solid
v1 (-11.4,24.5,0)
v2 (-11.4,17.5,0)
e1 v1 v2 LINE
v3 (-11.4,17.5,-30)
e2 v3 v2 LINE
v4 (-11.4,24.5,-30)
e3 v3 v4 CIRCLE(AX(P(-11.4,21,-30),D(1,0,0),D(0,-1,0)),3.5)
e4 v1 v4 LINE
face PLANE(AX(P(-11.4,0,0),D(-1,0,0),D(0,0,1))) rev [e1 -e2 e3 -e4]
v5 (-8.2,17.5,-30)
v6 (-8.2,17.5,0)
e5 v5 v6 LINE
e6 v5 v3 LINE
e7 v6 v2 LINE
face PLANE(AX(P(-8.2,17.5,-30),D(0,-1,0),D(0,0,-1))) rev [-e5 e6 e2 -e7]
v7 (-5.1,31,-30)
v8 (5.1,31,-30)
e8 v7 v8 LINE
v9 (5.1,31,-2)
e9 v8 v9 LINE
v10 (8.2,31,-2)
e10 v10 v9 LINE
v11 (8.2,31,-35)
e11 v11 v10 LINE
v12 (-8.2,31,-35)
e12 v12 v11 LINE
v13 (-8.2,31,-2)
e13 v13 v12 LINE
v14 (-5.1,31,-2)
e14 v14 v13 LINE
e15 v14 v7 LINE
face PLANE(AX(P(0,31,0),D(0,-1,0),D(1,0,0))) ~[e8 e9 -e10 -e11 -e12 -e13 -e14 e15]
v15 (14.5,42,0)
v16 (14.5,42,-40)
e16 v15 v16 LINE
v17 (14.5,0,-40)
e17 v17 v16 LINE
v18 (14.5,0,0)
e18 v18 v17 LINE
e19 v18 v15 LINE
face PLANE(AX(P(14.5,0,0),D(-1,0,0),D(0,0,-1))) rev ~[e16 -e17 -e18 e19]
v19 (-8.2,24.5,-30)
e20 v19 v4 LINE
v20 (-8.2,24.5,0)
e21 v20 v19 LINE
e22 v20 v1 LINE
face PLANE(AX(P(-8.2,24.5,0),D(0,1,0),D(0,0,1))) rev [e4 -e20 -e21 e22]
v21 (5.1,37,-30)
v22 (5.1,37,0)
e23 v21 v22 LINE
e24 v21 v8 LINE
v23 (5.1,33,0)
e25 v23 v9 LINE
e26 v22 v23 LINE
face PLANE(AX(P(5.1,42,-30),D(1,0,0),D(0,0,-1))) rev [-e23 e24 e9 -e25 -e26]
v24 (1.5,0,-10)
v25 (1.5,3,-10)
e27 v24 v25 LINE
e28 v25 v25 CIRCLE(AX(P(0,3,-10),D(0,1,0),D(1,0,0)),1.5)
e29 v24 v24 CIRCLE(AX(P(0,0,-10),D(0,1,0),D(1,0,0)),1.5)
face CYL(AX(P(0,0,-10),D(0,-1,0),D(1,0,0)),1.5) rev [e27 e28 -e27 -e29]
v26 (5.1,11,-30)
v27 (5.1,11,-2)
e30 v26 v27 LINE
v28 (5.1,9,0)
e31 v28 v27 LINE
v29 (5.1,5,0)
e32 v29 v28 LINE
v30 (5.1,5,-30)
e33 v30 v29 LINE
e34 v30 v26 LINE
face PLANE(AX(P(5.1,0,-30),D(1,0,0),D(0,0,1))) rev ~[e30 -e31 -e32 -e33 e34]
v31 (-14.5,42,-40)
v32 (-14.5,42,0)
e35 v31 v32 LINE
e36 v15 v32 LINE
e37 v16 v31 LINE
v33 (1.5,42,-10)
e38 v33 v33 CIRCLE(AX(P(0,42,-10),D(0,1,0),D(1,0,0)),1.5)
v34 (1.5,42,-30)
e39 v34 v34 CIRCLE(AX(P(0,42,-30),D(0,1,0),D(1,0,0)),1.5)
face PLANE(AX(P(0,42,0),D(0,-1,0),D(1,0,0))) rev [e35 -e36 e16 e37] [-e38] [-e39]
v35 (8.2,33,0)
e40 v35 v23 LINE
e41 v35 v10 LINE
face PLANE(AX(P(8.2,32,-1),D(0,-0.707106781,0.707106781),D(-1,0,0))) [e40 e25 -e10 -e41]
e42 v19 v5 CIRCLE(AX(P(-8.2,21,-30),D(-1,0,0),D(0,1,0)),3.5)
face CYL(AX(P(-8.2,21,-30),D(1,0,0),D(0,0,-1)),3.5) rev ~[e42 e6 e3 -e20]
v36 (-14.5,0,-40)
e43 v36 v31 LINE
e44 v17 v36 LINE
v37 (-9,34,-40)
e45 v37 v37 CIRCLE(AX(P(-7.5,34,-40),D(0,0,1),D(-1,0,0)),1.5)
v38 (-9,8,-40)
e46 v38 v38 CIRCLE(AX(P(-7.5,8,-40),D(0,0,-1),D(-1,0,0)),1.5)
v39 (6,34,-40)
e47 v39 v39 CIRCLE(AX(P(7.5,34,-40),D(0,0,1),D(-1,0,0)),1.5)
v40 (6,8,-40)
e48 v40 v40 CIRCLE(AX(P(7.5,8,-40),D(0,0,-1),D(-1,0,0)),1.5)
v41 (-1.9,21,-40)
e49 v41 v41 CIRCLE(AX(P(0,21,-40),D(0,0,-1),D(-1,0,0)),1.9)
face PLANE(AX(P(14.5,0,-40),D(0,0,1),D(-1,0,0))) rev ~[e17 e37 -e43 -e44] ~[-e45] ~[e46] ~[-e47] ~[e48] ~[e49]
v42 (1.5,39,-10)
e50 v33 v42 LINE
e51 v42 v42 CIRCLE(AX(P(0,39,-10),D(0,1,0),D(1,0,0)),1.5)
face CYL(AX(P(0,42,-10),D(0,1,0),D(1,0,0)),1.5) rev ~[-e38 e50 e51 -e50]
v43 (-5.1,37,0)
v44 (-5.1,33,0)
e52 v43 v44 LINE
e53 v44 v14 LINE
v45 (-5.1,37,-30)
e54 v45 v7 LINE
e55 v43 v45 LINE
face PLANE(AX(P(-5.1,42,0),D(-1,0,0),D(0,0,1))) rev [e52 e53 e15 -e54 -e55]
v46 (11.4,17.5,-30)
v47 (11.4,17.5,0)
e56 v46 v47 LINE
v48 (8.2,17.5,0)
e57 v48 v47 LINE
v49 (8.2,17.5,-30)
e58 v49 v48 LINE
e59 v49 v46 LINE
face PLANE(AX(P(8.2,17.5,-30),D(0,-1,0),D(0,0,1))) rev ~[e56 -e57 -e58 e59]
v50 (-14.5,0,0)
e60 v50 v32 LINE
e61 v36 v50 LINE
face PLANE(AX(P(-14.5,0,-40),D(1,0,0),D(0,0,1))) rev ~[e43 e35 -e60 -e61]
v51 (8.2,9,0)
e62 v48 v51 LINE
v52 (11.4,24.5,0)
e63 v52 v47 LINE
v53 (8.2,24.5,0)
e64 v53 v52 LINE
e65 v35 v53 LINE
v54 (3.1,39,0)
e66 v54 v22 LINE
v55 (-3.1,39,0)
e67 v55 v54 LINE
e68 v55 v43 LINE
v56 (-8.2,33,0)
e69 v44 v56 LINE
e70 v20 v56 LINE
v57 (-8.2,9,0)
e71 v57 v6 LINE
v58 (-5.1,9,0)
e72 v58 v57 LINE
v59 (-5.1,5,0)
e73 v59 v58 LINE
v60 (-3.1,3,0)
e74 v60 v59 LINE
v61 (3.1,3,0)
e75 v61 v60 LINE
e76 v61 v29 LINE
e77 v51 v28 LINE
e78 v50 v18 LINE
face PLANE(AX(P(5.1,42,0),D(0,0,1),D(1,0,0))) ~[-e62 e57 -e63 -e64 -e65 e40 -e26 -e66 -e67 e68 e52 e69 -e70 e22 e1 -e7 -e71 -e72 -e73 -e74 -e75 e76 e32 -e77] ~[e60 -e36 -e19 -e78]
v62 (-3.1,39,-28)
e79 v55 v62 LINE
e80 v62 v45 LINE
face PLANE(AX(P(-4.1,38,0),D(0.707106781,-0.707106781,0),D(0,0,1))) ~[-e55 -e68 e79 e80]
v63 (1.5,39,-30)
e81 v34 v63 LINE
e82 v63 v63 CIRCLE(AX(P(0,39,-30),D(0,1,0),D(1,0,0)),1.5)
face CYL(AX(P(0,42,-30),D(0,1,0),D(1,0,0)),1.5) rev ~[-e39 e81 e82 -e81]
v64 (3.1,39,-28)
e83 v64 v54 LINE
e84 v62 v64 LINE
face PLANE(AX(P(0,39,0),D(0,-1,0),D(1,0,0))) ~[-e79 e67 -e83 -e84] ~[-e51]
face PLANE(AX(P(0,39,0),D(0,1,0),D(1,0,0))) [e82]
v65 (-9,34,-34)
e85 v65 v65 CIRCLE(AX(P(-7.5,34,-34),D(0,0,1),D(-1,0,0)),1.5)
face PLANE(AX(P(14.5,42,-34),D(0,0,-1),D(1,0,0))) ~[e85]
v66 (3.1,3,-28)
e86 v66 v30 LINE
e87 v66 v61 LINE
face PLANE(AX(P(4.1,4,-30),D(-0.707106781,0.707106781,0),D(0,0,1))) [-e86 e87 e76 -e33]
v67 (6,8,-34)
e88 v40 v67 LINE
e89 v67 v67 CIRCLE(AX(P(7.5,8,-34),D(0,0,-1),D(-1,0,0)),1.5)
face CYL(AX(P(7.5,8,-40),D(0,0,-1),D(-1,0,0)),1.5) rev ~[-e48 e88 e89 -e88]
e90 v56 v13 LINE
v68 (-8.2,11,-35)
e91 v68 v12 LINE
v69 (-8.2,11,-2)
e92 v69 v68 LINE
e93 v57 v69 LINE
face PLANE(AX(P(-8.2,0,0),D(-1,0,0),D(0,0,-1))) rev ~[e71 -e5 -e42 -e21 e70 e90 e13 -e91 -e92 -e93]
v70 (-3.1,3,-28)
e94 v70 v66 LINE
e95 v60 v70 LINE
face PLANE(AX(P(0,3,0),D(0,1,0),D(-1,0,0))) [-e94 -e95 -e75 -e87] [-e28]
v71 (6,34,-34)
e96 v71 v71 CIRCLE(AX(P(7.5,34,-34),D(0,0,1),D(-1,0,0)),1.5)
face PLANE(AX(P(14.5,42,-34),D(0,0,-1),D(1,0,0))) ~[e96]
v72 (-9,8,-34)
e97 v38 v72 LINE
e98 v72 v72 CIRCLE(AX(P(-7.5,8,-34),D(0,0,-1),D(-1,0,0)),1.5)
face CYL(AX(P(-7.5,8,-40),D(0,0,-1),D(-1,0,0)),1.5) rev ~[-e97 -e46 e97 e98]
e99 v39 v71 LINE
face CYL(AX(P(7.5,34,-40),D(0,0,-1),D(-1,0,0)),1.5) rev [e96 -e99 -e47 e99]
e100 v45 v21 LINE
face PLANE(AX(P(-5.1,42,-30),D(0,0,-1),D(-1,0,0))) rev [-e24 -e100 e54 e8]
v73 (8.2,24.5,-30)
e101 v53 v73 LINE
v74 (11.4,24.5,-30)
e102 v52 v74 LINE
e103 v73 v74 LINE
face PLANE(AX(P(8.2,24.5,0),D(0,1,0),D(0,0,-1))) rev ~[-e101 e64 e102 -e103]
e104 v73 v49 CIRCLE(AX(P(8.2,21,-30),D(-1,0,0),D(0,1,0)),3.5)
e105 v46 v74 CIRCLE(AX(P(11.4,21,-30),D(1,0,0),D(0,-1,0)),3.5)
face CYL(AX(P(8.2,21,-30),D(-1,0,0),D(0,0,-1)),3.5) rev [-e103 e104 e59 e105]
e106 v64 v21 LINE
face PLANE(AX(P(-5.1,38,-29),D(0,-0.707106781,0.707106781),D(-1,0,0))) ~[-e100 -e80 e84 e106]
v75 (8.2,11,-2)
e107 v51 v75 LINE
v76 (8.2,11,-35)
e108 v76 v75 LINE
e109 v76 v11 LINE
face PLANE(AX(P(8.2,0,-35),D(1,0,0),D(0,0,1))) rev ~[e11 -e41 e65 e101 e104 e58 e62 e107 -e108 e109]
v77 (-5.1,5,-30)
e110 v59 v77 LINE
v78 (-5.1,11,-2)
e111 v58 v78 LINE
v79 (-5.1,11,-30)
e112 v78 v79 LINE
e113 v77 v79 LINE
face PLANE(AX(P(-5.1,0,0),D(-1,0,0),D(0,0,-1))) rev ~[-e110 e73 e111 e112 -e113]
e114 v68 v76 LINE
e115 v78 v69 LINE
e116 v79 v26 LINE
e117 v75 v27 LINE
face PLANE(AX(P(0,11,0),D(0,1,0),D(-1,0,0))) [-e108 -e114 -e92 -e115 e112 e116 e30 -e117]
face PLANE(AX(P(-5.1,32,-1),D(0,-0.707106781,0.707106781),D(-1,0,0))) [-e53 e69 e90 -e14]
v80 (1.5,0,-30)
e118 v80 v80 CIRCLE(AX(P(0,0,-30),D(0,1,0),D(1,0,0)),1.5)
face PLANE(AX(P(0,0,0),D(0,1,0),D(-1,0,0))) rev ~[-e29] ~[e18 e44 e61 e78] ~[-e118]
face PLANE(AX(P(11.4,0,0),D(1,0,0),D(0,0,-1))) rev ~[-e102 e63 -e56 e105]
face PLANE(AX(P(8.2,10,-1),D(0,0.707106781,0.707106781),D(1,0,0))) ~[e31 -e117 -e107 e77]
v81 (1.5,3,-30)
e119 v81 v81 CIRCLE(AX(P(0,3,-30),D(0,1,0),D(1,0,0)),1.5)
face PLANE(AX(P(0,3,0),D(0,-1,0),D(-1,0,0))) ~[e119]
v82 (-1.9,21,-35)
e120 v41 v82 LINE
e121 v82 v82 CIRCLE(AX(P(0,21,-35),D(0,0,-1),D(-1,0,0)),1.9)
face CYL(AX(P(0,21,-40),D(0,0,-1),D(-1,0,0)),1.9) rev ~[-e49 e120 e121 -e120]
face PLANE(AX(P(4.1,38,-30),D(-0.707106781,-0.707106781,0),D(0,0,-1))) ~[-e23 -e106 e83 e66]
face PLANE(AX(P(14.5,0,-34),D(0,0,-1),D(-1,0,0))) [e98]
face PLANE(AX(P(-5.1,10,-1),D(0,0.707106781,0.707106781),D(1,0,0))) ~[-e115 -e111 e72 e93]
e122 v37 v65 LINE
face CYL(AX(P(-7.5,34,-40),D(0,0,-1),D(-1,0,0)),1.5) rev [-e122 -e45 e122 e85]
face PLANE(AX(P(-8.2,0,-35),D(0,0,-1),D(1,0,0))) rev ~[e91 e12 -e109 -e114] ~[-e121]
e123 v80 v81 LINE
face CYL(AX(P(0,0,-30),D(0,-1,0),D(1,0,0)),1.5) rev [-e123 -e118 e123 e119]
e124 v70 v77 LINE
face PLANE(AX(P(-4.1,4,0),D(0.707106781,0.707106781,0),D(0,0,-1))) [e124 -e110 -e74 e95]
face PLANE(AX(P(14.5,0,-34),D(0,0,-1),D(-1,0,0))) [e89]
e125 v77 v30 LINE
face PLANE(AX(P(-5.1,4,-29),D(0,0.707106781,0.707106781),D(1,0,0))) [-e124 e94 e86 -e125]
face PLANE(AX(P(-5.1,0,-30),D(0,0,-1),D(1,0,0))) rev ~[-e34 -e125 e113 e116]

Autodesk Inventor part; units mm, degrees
ref_plane "YZ Plane" through (0, 0, 0) normal (1, 0, 0) x (0, 1, 0)
ref_plane "XZ Plane" through (0, 0, 0) normal (0, 1, 0) x (-1, 0, 0)
sketch "Sketch1" plane through (0, 0, 0) normal (0, 1, 0) x (-1, 0, 0)
  line L0 (8.2, 0) -> (8.2, -35)
  line L1 (8.2, -35) -> (-8.2, -35)
  line L2 (-8.2, -35) -> (-8.2, 0)
  line L3 (-8.2, 0) -> (0, 0)
  line L4 (0, 0) -> (8.2, 0)
  line L5 (-8.2, 0) -> (-14.5, 0)
  line L6 (-14.5, 0) -> (-14.5, -40)
  line L7 (-14.5, -40) -> (14.5, -40)
  line L8 (14.5, -40) -> (14.5, 0)
  line L9 (14.5, 0) -> (8.2, 0)
  line L10 (5.1, 0) -> (5.1, -30)
  line L11 (5.1, -30) -> (-5.1, -30)
  line L12 (-5.1, -30) -> (-5.1, 0)
  line L13 (-5.1, -30) -> (-8.2, -30) construction
  line L14 (5.1, -30) -> (8.2, -30) construction
  dimension "d2" = 5
  dimension "d17" = 5
  dimension "d26" = 29
  dimension "d27" = 10.2
  dimension "d28" = 16.4
  dimension "d29" = 40
extrude "Extrusion1" add sketch "Sketch1" along normal blind 42 contours L9 L8 L7 L6 L5 L2 L1 L0
sketch "Sketch2" plane through (14.5, 0, 0) normal (1, 0, 0) x (0, 0, -1)
  line L0 (0, 0) -> (40, 0) projected
  line L1 (40, 0) -> (40, 42) projected
  line L2 (0, 42) -> (40, 42) projected
  line L3 (0, 0) -> (0, 42) projected
  line L4 (0, 21) -> (0, 21) construction
  circle A0 centre (0, 21) radius 3.5
  line L5 (0, 21) -> (30, 21) construction
  circle A1 centre (30, 21) radius 3.5
  line L6 (0, 24.5) -> (30, 24.5)
  line L7 (30, 17.5) -> (0, 17.5)
  line L8 (0, 0) -> (0, 42) projected
  point P0 (0, 21)
  dimension "d6" = 7
  dimension "d8" = 0
  dimension "d40" = 30
extrude "Extrusion2" cut sketch "Sketch2" along normal blind 3.2 from surface at -6.3 contours A0 L3 | L3 A0 | A0 L6 A1 L7 | A1
sketch "Sketch3" plane through (14.5, 0, -40) normal (0, 0, -1) x (-1, 0, 0)
  line L0 (0, 0) -> (29, 0) projected
  line L1 (29, 0) -> (29, 42) projected
  line L2 (0, 42) -> (29, 42) projected
  line L3 (0, 0) -> (0, 42) projected
  line L4 (29, 0) -> (29, 42) construction
  line L5 (29, 21) -> (14.5, 21) construction
  line L6 (14.5, 21) -> (14.5, 0) construction
  circle A0 centre (14.5, 21) radius 1.9
  dimension "d11" = 3.8
extrude "Extrusion3" cut sketch "Sketch3" against normal blind 10 contours A0
extrude "Extrusion4" add sketch "Sketch1" along normal blind 11 contours L0 L1 L2 L3 L12 L11 L10 L4
extrude "Extrusion5" add sketch "Sketch1" along normal blind 3 contours L10 L11 L12 L3 L4
chamfer "Chamfer1" distance 2 angle 45 3 edges at (-5.1, 3, -15) (0, 3, -30) (5.1, 3, -15)
chamfer "Chamfer2" distance 2 angle 45 2 edges at (-6.65, 11, 0) (6.65, 11, 0)
ref_plane "Work Plane1" through (0, 21, 0) normal (0, 1, 0) x (1, 0, 0)
mirror "Mirror1" about plane through (0, 21, 0) normal (0, 1, 0) of "Extrusion4", "Extrusion5", "Chamfer1", "Chamfer2"
sketch "Sketch4" plane through (0, 42, 0) normal (0, 1, 0) x (1, 0, 0)
  line L0 (-14.5, 0) -> (14.5, 0) projected
  line L1 (14.5, 0) -> (14.5, 40) projected
  line L2 (14.5, 40) -> (-14.5, 40) projected
  line L3 (-14.5, 40) -> (-14.5, 0) projected
  line L4 (0, 0) -> (0, 10) construction
  circle A0 centre (0, 10) radius 1.5
  line L5 (0, 10) -> (0, 30) construction
  circle A1 centre (0, 30) radius 1.5
  dimension "d30" = 3
  dimension "d31" = 10
  dimension "d32" = 20
extrude "Extrusion6" cut sketch "Sketch4" against normal up to surface (3 mm away) contours A0 | A1
sketch "Sketch5" plane through (14.5, 0, -40) normal (0, 0, -1) x (-1, 0, 0)
  circle A0 centre (14.5, 21) radius 1.9 projected
  line L0 (0, 0) -> (29, 0) projected
  line L1 (29, 0) -> (29, 42) projected
  line L2 (0, 42) -> (29, 42) projected
  line L3 (0, 0) -> (0, 42) projected
  line L4 (14.5, 0) -> (14.5, 8) construction
  line L5 (14.5, 8) -> (22, 8) construction
  line L6 (14.5, 8) -> (7, 8) construction
  circle A1 centre (7, 8) radius 1.5
  circle A2 centre (22, 8) radius 1.5
  dimension "d35" = 8
  dimension "d36" = 3
  dimension "d39" = 15
extrude "Extrusion7" cut sketch "Sketch5" against normal blind 6 contours A1 | A2
mirror "Mirror2" about plane through (0, 21, 0) normal (0, 1, 0) of "Extrusion6", "Extrusion7"
mirror "Mirror3" about plane through (0, 0, 0) normal (1, 0, 0) of "Extrusion2"
properties part number "tensionerholder_3DPrint"
